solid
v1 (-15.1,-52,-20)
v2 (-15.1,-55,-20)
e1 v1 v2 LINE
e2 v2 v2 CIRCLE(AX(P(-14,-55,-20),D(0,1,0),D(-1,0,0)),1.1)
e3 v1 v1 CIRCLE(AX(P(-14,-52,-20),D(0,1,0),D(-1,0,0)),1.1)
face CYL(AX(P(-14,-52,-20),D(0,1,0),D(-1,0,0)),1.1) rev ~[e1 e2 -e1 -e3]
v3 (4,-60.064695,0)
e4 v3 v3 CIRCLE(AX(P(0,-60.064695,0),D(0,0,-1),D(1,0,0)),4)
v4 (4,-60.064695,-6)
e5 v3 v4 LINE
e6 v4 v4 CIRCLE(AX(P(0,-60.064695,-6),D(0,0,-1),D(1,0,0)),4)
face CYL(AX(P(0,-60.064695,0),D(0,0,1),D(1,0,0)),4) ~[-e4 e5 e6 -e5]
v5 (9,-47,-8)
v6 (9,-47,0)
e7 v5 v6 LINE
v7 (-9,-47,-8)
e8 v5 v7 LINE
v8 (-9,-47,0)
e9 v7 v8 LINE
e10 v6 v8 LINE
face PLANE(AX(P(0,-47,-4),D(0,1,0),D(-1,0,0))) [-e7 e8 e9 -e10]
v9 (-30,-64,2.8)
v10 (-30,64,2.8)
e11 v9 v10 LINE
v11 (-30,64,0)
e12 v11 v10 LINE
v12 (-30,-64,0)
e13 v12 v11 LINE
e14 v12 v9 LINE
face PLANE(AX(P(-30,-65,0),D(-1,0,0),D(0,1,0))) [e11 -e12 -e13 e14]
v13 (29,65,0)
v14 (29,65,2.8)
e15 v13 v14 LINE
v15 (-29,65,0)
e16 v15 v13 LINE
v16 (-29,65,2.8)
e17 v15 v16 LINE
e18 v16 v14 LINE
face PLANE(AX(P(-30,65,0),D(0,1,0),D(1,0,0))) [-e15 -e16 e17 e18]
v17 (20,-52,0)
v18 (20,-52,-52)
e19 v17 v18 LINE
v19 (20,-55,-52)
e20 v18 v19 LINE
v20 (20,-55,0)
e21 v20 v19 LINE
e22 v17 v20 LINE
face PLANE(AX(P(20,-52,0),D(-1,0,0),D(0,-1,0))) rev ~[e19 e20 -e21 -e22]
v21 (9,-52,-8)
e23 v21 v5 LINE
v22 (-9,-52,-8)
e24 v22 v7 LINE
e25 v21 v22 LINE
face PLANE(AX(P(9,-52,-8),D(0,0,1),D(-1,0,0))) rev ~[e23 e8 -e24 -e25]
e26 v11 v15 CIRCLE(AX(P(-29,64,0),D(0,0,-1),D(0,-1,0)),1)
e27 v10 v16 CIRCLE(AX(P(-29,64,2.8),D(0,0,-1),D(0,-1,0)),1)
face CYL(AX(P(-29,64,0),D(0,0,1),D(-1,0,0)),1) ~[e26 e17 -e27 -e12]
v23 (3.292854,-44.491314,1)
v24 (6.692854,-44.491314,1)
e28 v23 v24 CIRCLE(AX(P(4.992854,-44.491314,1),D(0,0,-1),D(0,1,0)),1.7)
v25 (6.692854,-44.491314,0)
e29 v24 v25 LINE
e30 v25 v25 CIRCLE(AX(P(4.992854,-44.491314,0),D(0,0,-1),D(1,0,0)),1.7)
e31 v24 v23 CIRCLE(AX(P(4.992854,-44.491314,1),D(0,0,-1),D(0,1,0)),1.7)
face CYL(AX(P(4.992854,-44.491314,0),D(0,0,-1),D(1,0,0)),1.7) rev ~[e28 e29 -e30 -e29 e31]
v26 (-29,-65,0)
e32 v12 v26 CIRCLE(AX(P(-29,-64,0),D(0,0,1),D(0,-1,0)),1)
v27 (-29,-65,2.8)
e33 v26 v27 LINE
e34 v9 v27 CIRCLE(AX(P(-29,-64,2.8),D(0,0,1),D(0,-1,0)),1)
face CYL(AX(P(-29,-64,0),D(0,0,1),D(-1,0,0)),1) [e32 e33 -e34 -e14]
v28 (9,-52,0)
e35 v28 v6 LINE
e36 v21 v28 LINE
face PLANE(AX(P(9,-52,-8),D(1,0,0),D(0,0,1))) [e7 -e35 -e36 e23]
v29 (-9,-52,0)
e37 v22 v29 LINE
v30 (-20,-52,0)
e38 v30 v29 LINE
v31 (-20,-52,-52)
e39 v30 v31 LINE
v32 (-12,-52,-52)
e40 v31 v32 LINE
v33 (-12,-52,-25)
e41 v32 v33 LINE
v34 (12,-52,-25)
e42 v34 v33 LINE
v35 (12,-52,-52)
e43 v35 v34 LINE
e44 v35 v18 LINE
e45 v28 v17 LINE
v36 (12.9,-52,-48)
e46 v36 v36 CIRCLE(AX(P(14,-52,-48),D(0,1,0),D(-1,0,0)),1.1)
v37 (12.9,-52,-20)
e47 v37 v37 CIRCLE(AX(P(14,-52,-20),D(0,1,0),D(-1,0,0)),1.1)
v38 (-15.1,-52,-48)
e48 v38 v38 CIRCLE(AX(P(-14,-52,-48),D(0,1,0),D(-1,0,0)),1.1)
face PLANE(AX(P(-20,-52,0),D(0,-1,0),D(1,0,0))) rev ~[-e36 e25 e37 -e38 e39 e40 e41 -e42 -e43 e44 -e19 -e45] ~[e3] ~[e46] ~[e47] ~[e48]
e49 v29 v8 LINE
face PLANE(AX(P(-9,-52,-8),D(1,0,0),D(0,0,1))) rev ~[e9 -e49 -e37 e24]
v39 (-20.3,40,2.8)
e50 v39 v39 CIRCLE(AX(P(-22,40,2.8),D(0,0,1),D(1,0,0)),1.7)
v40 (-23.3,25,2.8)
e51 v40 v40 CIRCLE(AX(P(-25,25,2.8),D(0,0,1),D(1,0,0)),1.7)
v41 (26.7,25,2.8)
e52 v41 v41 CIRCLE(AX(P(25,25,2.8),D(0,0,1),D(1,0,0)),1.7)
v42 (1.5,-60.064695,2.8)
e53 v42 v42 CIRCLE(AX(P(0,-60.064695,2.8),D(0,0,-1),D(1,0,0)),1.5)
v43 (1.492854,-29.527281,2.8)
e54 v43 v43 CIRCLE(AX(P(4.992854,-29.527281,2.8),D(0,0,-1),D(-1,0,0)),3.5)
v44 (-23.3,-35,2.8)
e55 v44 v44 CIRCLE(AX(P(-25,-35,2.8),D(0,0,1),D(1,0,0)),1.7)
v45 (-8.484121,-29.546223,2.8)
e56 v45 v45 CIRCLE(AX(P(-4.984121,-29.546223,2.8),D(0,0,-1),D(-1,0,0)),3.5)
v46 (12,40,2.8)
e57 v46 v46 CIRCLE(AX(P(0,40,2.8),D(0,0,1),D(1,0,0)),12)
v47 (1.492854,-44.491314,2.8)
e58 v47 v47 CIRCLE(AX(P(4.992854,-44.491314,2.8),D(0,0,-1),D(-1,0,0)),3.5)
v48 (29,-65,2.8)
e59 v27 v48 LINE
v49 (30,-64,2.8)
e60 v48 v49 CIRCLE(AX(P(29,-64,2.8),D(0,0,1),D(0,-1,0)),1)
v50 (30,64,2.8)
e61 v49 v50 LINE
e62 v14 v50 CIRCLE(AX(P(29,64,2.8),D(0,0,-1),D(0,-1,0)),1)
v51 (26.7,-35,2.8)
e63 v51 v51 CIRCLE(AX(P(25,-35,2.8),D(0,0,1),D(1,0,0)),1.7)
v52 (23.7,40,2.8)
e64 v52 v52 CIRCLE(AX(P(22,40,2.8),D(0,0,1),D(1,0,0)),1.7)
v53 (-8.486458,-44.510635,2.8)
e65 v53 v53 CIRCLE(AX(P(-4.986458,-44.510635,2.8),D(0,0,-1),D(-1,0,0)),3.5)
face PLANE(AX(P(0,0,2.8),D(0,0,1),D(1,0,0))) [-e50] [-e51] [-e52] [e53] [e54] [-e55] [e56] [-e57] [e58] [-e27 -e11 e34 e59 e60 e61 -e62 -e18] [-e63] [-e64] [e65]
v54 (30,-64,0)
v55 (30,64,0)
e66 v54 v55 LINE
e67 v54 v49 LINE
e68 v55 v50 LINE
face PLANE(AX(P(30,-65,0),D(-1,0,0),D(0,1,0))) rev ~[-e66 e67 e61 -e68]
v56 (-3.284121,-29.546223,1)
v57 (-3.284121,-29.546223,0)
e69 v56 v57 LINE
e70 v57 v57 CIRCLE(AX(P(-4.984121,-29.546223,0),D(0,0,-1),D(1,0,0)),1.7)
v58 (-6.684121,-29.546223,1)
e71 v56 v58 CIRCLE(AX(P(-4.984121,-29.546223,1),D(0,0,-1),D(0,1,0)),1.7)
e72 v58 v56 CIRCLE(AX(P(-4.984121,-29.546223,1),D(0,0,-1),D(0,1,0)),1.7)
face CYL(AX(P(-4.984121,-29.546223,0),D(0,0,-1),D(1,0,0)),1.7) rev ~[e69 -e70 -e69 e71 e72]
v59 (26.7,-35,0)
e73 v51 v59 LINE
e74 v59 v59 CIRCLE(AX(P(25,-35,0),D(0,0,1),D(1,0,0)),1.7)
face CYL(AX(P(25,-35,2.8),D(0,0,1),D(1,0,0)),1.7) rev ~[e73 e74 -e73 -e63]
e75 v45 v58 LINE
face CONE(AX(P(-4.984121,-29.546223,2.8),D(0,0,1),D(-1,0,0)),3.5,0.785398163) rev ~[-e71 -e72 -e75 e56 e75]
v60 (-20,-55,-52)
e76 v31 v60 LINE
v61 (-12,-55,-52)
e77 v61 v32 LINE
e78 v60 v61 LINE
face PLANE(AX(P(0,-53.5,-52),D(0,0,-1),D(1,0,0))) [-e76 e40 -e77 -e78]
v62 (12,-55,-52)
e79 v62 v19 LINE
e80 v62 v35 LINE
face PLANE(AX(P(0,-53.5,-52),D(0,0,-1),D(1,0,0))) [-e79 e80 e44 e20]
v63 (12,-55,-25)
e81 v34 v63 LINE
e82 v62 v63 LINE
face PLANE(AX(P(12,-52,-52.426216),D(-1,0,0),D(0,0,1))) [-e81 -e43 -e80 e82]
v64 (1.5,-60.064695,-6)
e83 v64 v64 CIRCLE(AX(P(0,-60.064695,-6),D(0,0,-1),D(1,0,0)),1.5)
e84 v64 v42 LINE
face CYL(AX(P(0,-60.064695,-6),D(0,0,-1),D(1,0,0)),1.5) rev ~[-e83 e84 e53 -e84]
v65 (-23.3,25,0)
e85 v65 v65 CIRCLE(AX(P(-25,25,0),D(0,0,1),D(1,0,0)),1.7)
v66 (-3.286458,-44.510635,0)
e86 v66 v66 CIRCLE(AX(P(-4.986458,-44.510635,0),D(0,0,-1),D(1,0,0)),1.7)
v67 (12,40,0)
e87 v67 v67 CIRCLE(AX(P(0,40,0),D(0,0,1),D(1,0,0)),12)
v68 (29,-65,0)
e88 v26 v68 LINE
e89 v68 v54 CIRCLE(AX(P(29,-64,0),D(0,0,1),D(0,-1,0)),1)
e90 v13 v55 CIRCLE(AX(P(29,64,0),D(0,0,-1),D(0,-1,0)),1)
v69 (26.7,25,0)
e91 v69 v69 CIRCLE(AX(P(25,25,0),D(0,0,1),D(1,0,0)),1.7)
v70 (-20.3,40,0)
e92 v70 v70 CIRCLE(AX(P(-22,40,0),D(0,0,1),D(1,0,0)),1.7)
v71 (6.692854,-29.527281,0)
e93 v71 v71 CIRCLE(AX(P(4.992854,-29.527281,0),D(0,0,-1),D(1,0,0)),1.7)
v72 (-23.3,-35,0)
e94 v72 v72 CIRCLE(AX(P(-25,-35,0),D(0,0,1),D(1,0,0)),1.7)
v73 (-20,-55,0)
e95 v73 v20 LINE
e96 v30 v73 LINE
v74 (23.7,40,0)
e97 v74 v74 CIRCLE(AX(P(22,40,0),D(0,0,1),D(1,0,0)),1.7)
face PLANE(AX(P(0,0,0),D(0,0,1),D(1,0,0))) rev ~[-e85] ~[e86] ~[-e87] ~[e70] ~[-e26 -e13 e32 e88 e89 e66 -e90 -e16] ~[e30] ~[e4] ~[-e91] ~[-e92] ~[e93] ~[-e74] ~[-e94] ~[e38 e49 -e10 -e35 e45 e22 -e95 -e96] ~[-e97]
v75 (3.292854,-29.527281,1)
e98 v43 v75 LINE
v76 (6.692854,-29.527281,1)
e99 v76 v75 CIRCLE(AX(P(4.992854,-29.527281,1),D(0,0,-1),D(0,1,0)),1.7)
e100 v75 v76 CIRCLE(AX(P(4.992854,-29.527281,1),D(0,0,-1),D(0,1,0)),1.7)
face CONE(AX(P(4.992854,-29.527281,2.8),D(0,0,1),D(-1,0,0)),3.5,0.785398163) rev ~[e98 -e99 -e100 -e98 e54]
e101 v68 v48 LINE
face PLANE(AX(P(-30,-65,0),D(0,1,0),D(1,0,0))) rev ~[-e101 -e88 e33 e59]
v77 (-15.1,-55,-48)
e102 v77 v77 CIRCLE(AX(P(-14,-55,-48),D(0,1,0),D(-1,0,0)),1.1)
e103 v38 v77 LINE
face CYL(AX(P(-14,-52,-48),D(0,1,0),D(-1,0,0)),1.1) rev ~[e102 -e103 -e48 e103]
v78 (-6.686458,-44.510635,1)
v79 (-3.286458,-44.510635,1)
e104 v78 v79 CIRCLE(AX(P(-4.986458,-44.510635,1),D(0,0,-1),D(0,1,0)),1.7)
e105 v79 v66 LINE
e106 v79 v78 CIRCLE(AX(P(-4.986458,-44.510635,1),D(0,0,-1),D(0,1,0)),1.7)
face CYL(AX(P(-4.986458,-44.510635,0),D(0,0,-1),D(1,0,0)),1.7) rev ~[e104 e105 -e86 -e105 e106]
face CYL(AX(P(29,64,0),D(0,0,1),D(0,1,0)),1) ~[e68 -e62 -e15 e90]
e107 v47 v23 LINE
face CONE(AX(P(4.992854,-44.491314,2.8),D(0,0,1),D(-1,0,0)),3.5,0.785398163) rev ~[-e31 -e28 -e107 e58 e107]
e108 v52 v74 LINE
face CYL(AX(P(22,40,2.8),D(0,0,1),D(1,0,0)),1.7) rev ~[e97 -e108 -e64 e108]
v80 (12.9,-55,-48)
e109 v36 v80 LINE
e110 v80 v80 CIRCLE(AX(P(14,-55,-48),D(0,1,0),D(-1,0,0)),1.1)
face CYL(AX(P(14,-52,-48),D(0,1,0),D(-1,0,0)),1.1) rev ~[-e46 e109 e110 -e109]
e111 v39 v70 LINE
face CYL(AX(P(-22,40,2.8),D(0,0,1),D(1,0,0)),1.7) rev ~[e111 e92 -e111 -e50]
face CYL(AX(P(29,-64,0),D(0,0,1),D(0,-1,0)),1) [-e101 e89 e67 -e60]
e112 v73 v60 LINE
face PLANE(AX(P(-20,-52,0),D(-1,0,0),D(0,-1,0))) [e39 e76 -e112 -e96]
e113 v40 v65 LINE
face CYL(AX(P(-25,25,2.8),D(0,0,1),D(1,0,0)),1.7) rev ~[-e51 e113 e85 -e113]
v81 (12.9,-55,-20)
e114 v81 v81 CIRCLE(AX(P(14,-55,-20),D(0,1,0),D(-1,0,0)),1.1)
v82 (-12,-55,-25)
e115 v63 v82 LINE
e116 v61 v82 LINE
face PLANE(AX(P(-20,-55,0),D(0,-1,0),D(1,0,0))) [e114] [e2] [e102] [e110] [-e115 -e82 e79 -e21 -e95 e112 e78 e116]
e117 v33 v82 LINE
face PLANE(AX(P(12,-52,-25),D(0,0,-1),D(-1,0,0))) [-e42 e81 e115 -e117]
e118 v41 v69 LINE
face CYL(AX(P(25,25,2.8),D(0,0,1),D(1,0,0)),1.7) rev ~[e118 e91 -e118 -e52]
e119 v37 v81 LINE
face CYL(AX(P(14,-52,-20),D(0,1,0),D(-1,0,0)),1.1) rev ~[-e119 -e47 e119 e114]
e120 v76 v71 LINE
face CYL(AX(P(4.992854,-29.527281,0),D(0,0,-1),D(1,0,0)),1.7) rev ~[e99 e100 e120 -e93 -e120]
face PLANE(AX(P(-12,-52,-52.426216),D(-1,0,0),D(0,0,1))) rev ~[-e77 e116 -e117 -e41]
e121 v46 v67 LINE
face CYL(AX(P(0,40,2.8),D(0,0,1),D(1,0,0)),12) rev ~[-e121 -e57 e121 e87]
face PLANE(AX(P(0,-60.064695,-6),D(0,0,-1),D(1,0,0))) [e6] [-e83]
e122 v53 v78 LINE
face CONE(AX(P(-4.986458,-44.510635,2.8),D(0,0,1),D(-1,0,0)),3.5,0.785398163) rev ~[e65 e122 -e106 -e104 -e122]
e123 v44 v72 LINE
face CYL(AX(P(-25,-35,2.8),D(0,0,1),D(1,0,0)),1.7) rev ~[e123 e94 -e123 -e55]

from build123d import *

# Parameters (mm, degrees)
SKETCH_W         = 60
SKETCH_H         = 130
PAD_DEPTH        = 2.8
FILLET_R         = 1
FILLET001_R      = 1
FILLET002_R      = 1
FILLET003_R      = 1
SKETCH001_R      = 12
SKETCH001_R_2    = 1.7
POCKET_DEPTH     = 2.8
SKETCH002_W      = 40
SKETCH002_H      = 3
PAD001_DEPTH     = 52
SKETCH007_R      = 1.1
SKETCH007_W      = 24
SKETCH007_H      = 27.426216
POCKET003_DEPTH  = 3
SKETCH009_W      = 18
SKETCH009_H      = 8
PAD003_DEPTH     = 5
COPYSKETCH010_R  = 4
PAD004_DEPTH     = 6
SKETCH011_R      = 1.5
POCKET005_DEPTH  = 10
SKETCH013_R      = 1.7
POCKET006_DEPTH  = 2.8
SKETCH014_R      = 1.7
POCKET007_DEPTH  = 2.8
POCKET008_DEPTH  = 1
HOLE_D           = 3
HOLE_DEPTH       = 24.098709
HOLE_CSINK_D     = 7
HOLE_CSINK_ANGLE = 90
HOLE_TIPS_R      = 1.5


with BuildPart() as part:
    # Sketch → Pad (new body)
    with BuildSketch(Plane.XY):
        Rectangle(SKETCH_W, SKETCH_H)
    extrude(amount=PAD_DEPTH)

    # Fillet
    fillet_edges = [part.edges().sort_by_distance(p)[0] for p in [
        (-30, 65, 1.4),
    ]]
    fillet(fillet_edges, radius=FILLET_R)

    # Fillet001
    fillet001_edges = [part.edges().sort_by_distance(p)[0] for p in [
        (30, 65, 1.4),
    ]]
    fillet(fillet001_edges, radius=FILLET001_R)

    # Fillet002
    fillet002_edges = [part.edges().sort_by_distance(p)[0] for p in [
        (-30, -65, 1.4),
    ]]
    fillet(fillet002_edges, radius=FILLET002_R)

    # Fillet003
    fillet003_edges = [part.edges().sort_by_distance(p)[0] for p in [
        (30, -65, 1.4),
    ]]
    fillet(fillet003_edges, radius=FILLET003_R)

    # Sketch001 (on Face10 of Fillet003) → Pocket (cut)
    with BuildSketch(Plane.XY.offset(2.8)):
        with Locations((0, 40)):
            Circle(SKETCH001_R)
        with Locations((-22, 40)):
            Circle(SKETCH001_R_2)
        with Locations((22, 40)):
            Circle(SKETCH001_R_2)
        with Locations((-25, -35)):
            Circle(SKETCH001_R_2)
        with Locations((25, -35)):
            Circle(SKETCH001_R_2)
        with Locations((-25, 25)):
            Circle(SKETCH001_R_2)
        with Locations((25, 25)):
            Circle(SKETCH001_R_2)
    extrude(amount=-POCKET_DEPTH, mode=Mode.SUBTRACT)

    # Sketch002 (on Face1 of Pocket) → Pad001 (join)
    with BuildSketch(Plane(origin=(0, 0, 0), x_dir=(1, 0, 0), z_dir=(0, 0, -1))):
        with Locations((0, 53.5)):
            Rectangle(SKETCH002_W, SKETCH002_H)
    extrude(amount=PAD001_DEPTH)

    # Sketch007 (on Face20 of Pad001) → Pocket003 (cut)
    with BuildSketch(Plane(origin=(0, -52, 0), x_dir=(-1, 0, 0), z_dir=(0, 1, 0))):
        with Locations((-14, -48)):
            Circle(SKETCH007_R)
        with Locations((14, -48)):
            Circle(SKETCH007_R)
        with Locations((14, -20)):
            Circle(SKETCH007_R)
        with Locations((-14, -20)):
            Circle(SKETCH007_R)
        with Locations((0, -38.713108)):
            Rectangle(SKETCH007_W, SKETCH007_H)
    extrude(amount=-POCKET003_DEPTH, mode=Mode.SUBTRACT)

    # Sketch009 → Pad003 (join)
    with BuildSketch(Plane(origin=(0, -52, 0), x_dir=(-1, 0, 0), z_dir=(0, 1, 0))):
        with Locations((0, -4)):
            Rectangle(SKETCH009_W, SKETCH009_H)
    extrude(amount=PAD003_DEPTH)

    # CopySketch010 → Pad004 (join)
    with BuildSketch(Plane(origin=(0, 0, 0), x_dir=(1, 0, 0), z_dir=(0, 0, -1))):
        with Locations((0, 60.064695)):
            Circle(COPYSKETCH010_R)
    extrude(amount=PAD004_DEPTH)

    # Sketch011 (on Face26 of Pad004) → Pocket005 (cut)
    with BuildSketch(Plane(origin=(0, 0, -6), x_dir=(1, 0, 0), z_dir=(0, 0, -1))):
        with Locations((0, 60.064695)):
            Circle(SKETCH011_R)
    extrude(amount=-POCKET005_DEPTH, mode=Mode.SUBTRACT)

    # Sketch013 (on Face1 of Pocket005) → Pocket006 (cut)
    with BuildSketch(Plane(origin=(0, 0, 0), x_dir=(1, 0, 0), z_dir=(0, 0, -1))):
        with Locations((-4.986458, 44.510635)):
            Circle(SKETCH013_R)
        with Locations((4.992854, 44.491314)):
            Circle(SKETCH013_R)
        with Locations((-4.984121, 29.546223)):
            Circle(SKETCH013_R)
        with Locations((4.992854, 29.527281)):
            Circle(SKETCH013_R)
    extrude(amount=-POCKET006_DEPTH, mode=Mode.SUBTRACT)

    # Sketch014 (on Face29 of Pocket006) → Pocket007 (cut)
    with BuildSketch(Plane.XY.offset(2.8)):
        with Locations((0, 40)):
            Circle(SKETCH014_R)
        with Locations((-4.984121, -29.546223)):
            Circle(SKETCH014_R)
        with Locations((4.992854, -44.491314)):
            Circle(SKETCH014_R)
        with Locations((-4.986458, -44.510635)):
            Circle(SKETCH014_R)
        with Locations((4.992854, -29.527281)):
            Circle(SKETCH014_R)
    extrude(amount=-POCKET007_DEPTH, mode=Mode.SUBTRACT)

    # Sketch014 (on Face29 of Pocket006) → Pocket008 (cut)
    with BuildSketch(Plane.XY.offset(2.8)):
        with Locations((0, 40)):
            Circle(SKETCH014_R)
        with Locations((-4.984121, -29.546223)):
            Circle(SKETCH014_R)
        with Locations((4.992854, -44.491314)):
            Circle(SKETCH014_R)
        with Locations((-4.986458, -44.510635)):
            Circle(SKETCH014_R)
        with Locations((4.992854, -29.527281)):
            Circle(SKETCH014_R)
    extrude(amount=-POCKET008_DEPTH, mode=Mode.SUBTRACT)

    # Hole
    with Locations(Plane.XY.offset(2.8)):
        with Locations((0, 40), (-4.984121, -29.546223), (4.992854, -44.491314), (-4.986458, -44.510635), (4.992854, -29.527281)):
            CounterSinkHole(HOLE_D / 2, HOLE_CSINK_D / 2, depth=HOLE_DEPTH, counter_sink_angle=HOLE_CSINK_ANGLE)

    # Hole tips → Hole tip 1 section 0
    with BuildSketch(Plane.XY.offset(-21.298709), mode=Mode.PRIVATE) as hole_tip_1_s0:
        with Locations((0, 40)):
            Circle(HOLE_TIPS_R)
    loft([hole_tip_1_s0.sketch, Vertex(0, 40, -22.2)], mode=Mode.SUBTRACT)

    # Hole tips → Hole tip 2 section 0
    with BuildSketch(Plane.XY.offset(-21.298709), mode=Mode.PRIVATE) as hole_tip_2_s0:
        with Locations((-4.984121, -29.546223)):
            Circle(HOLE_TIPS_R)
    loft([hole_tip_2_s0.sketch, Vertex(-4.984121, -29.546223, -22.2)], mode=Mode.SUBTRACT)

    # Hole tips → Hole tip 3 section 0
    with BuildSketch(Plane.XY.offset(-21.298709), mode=Mode.PRIVATE) as hole_tip_3_s0:
        with Locations((4.992854, -44.491314)):
            Circle(HOLE_TIPS_R)
    loft([hole_tip_3_s0.sketch, Vertex(4.992854, -44.491314, -22.2)], mode=Mode.SUBTRACT)

    # Hole tips → Hole tip 4 section 0
    with BuildSketch(Plane.XY.offset(-21.298709), mode=Mode.PRIVATE) as hole_tip_4_s0:
        with Locations((-4.986458, -44.510635)):
            Circle(HOLE_TIPS_R)
    loft([hole_tip_4_s0.sketch, Vertex(-4.986458, -44.510635, -22.2)], mode=Mode.SUBTRACT)

    # Hole tips → Hole tip 5 section 0
    with BuildSketch(Plane.XY.offset(-21.298709), mode=Mode.PRIVATE) as hole_tip_5_s0:
        with Locations((4.992854, -29.527281)):
            Circle(HOLE_TIPS_R)
    loft([hole_tip_5_s0.sketch, Vertex(4.992854, -29.527281, -22.2)], mode=Mode.SUBTRACT)


solid = part.part
